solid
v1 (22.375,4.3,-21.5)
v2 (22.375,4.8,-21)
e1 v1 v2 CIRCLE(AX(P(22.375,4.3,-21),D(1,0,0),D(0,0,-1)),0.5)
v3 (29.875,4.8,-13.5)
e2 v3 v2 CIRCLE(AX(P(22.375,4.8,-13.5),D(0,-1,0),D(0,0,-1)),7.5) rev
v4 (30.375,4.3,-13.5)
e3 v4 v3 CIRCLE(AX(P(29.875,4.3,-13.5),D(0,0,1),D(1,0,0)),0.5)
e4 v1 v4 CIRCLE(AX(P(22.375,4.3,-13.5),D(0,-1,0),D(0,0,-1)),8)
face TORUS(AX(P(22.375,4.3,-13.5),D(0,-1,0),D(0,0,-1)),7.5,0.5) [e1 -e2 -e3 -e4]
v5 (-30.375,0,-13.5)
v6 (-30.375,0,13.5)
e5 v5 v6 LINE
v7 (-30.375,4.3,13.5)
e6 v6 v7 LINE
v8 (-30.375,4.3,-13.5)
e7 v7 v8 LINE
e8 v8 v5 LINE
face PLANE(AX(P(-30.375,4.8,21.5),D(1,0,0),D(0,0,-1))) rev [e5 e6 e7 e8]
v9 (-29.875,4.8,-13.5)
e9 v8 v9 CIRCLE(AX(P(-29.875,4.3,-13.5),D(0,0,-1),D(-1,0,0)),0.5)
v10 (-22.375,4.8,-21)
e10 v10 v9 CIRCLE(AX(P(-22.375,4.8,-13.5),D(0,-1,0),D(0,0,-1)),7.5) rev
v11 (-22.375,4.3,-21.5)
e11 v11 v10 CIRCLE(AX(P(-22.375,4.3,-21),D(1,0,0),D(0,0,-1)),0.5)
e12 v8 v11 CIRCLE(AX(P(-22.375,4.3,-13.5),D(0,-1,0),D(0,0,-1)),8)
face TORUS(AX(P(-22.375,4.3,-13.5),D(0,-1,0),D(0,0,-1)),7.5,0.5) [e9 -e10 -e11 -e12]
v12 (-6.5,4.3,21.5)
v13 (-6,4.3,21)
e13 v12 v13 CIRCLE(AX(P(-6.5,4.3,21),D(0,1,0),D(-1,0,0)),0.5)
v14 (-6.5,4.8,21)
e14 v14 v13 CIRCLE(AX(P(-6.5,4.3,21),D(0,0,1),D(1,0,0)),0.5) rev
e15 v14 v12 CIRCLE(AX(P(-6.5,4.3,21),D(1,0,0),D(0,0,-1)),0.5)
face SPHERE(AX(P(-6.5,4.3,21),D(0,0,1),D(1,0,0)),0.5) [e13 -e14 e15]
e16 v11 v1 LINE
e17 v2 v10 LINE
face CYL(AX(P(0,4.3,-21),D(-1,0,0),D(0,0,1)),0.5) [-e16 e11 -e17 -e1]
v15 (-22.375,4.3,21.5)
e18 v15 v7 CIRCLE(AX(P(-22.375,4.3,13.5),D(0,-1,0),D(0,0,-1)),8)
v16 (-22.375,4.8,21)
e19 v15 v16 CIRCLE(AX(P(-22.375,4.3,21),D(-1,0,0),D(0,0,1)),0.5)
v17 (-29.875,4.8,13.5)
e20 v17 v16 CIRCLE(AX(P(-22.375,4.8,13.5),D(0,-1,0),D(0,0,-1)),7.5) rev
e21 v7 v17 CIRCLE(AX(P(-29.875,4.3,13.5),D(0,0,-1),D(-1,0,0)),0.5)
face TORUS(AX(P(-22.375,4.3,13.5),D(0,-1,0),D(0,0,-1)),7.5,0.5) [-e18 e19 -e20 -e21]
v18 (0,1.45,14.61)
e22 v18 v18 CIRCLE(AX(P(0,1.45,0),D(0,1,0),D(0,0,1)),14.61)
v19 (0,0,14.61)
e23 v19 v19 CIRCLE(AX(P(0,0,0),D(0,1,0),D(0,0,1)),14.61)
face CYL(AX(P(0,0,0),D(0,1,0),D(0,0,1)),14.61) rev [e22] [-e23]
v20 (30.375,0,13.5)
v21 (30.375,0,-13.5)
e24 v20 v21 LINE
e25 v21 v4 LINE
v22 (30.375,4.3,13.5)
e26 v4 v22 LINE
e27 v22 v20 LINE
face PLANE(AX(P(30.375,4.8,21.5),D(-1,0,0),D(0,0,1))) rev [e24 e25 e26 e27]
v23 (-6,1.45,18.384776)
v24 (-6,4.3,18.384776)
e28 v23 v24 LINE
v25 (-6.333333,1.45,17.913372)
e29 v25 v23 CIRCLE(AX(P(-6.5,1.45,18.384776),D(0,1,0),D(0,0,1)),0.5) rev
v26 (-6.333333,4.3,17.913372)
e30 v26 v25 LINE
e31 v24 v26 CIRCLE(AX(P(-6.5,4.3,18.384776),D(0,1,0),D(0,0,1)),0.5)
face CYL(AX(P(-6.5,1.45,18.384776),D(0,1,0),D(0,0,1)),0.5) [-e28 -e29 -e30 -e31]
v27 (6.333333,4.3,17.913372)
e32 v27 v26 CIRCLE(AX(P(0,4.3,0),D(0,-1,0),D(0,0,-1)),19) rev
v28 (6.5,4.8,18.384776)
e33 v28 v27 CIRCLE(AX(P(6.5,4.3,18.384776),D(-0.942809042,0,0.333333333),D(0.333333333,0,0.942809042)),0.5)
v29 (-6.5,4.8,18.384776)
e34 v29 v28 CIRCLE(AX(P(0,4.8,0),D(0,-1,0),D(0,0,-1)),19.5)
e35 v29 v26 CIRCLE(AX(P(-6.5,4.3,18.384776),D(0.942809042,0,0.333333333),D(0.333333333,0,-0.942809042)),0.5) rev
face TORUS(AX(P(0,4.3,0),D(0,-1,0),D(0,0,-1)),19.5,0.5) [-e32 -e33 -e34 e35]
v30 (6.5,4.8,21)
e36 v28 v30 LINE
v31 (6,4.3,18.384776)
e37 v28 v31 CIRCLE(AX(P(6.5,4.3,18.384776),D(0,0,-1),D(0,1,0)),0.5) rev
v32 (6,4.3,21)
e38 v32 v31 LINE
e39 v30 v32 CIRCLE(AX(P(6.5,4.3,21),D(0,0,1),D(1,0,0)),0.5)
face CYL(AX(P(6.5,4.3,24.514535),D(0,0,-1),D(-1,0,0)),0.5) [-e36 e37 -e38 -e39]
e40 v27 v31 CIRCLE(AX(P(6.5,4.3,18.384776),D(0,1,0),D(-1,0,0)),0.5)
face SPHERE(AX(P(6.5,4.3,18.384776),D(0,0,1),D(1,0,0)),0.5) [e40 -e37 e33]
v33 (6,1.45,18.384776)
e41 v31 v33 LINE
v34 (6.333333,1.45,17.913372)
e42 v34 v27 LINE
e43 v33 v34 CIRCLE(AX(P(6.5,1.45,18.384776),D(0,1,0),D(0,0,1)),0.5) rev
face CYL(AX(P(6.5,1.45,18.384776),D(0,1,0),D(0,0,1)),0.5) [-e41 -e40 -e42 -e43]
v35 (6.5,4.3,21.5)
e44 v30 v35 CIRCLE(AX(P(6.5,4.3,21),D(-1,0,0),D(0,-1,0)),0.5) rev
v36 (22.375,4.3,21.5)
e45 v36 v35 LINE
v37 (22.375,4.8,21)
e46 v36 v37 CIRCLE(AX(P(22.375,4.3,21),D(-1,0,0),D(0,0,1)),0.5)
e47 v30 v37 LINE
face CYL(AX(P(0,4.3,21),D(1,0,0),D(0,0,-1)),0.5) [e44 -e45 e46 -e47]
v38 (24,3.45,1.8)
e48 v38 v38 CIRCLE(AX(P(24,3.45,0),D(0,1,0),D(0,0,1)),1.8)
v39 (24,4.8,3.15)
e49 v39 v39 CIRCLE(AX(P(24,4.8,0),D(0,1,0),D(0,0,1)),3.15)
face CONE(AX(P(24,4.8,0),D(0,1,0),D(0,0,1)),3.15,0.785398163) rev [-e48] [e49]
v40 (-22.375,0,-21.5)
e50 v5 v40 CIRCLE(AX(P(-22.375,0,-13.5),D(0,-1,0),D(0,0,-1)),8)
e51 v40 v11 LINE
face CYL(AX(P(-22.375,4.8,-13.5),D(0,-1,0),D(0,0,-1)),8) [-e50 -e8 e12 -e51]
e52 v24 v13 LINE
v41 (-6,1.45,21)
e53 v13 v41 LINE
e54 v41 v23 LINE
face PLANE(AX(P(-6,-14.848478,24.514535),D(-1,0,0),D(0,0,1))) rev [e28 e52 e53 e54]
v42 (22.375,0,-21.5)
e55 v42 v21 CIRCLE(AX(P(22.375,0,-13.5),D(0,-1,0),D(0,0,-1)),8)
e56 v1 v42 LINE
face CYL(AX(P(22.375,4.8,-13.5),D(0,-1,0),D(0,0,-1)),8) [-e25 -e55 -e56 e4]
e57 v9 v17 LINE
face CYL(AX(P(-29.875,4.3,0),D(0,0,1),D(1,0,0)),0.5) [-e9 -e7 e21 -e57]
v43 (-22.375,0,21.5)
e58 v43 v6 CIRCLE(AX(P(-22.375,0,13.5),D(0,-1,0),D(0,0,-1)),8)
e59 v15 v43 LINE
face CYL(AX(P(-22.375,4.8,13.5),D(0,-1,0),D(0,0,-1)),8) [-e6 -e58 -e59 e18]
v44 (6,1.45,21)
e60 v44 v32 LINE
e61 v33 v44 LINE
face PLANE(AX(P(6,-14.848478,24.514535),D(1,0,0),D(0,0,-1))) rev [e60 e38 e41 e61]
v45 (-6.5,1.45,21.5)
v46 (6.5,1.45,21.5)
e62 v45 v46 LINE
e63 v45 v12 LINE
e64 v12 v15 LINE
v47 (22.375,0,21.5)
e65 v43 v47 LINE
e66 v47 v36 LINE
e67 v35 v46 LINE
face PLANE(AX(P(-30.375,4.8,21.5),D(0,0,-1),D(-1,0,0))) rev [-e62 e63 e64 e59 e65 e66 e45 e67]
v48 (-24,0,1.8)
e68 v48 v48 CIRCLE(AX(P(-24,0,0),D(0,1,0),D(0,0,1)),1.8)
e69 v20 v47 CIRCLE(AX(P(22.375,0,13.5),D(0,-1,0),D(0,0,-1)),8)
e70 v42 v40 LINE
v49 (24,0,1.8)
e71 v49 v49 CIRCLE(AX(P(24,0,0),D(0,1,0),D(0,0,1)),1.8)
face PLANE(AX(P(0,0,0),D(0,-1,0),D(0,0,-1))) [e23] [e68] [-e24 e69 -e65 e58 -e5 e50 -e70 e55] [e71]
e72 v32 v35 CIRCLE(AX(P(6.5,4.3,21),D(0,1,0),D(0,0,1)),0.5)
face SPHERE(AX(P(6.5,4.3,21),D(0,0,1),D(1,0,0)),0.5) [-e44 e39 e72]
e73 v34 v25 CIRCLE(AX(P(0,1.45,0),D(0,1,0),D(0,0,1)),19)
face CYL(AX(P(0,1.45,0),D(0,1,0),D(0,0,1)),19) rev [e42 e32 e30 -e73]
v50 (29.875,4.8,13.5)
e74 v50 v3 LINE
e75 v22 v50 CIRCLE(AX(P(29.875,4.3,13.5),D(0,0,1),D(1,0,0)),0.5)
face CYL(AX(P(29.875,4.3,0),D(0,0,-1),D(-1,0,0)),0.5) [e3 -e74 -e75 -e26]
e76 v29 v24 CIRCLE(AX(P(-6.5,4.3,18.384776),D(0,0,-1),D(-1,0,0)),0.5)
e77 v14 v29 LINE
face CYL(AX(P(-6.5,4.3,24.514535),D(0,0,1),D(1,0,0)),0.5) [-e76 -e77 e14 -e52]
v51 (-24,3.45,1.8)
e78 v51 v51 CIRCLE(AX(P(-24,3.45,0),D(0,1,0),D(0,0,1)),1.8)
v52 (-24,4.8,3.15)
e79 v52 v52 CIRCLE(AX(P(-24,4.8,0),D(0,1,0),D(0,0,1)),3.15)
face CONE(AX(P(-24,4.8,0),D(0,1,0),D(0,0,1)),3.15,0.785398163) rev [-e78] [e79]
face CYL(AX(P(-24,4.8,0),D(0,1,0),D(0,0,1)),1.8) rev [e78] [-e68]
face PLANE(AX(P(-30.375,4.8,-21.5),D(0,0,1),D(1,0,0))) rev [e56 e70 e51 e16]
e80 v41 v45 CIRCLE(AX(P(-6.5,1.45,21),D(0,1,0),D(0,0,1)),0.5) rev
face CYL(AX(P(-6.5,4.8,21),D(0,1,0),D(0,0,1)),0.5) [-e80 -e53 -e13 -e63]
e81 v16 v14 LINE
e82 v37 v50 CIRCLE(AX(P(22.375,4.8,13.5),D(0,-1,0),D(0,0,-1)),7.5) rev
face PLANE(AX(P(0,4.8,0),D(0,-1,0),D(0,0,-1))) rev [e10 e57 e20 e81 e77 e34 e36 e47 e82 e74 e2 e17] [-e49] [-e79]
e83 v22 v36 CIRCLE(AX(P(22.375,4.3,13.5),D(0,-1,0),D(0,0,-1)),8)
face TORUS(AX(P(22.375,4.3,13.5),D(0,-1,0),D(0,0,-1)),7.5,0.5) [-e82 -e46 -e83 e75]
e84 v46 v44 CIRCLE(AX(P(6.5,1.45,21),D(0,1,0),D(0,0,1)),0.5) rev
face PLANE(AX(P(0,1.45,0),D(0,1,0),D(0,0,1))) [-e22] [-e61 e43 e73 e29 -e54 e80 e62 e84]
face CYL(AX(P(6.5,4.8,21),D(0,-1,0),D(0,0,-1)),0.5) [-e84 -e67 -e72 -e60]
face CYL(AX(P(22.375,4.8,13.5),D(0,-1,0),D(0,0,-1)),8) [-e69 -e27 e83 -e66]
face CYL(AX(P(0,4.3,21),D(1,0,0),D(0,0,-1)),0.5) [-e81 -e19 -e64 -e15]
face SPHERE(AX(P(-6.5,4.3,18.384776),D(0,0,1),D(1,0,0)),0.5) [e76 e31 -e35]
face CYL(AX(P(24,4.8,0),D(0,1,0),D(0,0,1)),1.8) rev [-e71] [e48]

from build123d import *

# Parameters (mm, degrees)
SKETCH1_W                                       = 60.75
SKETCH1_H                                       = 43
BOSS_EXTRUDE1_DEPTH                             = 4.8
FILLET1_R                                       = 8
SKETCH2_R                                       = 19
CUT_EXTRUDE1_DEPTH                              = 3.35
SKETCH3_R                                       = 14.61
CUT_EXTRUDE2_DEPTH                              = 38.364597214
SKETCH4_W                                       = 12
SKETCH4_H                                       = 11.029070592
CUT_EXTRUDE3_DEPTH                              = 3.35
CSK_FOR_M3_FLAT_HEAD_MACHINE_SCREW1_D           = 3.6
CSK_FOR_M3_FLAT_HEAD_MACHINE_SCREW1_CSINK_D     = 6.3
CSK_FOR_M3_FLAT_HEAD_MACHINE_SCREW1_CSINK_ANGLE = 90
FILLET2_R                                       = 0.5


with BuildPart() as part:
    # Sketch1 → Boss-Extrude1 (new body)
    with BuildSketch(Plane(origin=(0, 0, 0), x_dir=(1, 0, 0), z_dir=(0, 1, 0))):
        Rectangle(SKETCH1_W, SKETCH1_H)
    extrude(amount=BOSS_EXTRUDE1_DEPTH)

    # Fillet1
    fillet1_edges = [part.edges().sort_by_distance(p)[0] for p in [
        (30.375, 2.4, 21.5),
        (-30.375, 2.4, 21.5),
        (-30.375, 2.4, -21.5),
        (30.375, 2.4, -21.5),
    ]]
    fillet(fillet1_edges, radius=FILLET1_R)

    # Sketch2 → Cut-Extrude1 (cut)
    with BuildSketch(Plane(origin=(0, 4.8, 0), x_dir=(1, 0, 0), z_dir=(0, 1, 0))):
        with Locations(Location((0, 0, 0), (0, 0, 270))):
            Circle(SKETCH2_R)
    extrude(amount=-CUT_EXTRUDE1_DEPTH, mode=Mode.SUBTRACT)

    # Sketch3 → Cut-Extrude2 (cut, through all)
    with BuildSketch(Plane(origin=(0, 1.45, 0), x_dir=(1, 0, 0), z_dir=(0, 1, 0))):
        with Locations(Location((0, 0, 0), (0, 0, 270))):
            Circle(SKETCH3_R)
    extrude(amount=-CUT_EXTRUDE2_DEPTH, mode=Mode.SUBTRACT)

    # Sketch4 → Cut-Extrude3 (cut)
    with BuildSketch(Plane(origin=(0, 4.8, 0), x_dir=(1, 0, 0), z_dir=(0, 1, 0))):
        with Locations((0, -19)):
            Rectangle(SKETCH4_W, SKETCH4_H)
    extrude(amount=-CUT_EXTRUDE3_DEPTH, mode=Mode.SUBTRACT)

    # CSK for M3 Flat Head Machine Screw1 (through all)
    with Locations(Plane(origin=(0, 4.8, 0), x_dir=(1, 0, 0), z_dir=(0, 1, 0))):
        with Locations((-24, 0), (0, 0)):
            csk_for_m3_flat_head_machine_screw1 = CounterSinkHole(CSK_FOR_M3_FLAT_HEAD_MACHINE_SCREW1_D / 2, CSK_FOR_M3_FLAT_HEAD_MACHINE_SCREW1_CSINK_D / 2, counter_sink_angle=CSK_FOR_M3_FLAT_HEAD_MACHINE_SCREW1_CSINK_ANGLE)

    # Mirror1: CSK for M3 Flat Head Machine Screw1 across plane
    add(csk_for_m3_flat_head_machine_screw1.mirror(Plane(origin=(0, 0, 0), x_dir=(0, 0, 1), z_dir=(1, 0, 0))), mode=Mode.SUBTRACT)

    # Fillet2
    fillet2_edges = [part.edges().sort_by_distance(p)[0] for p in [
        (-30.375, 4.8, 0),
        (0, 4.8, -21.5),
        (30.375, 4.8, 0),
        (-14.1875, 4.8, 21.5),
        (-28.031854249, 4.8, 19.156854249),
        (28.031854249, 4.8, 19.156854249),
        (28.031854249, 4.8, -19.156854249),
        (-28.031854249, 4.8, -19.156854249),
        (0, 4.8, -19),
        (14.1875, 4.8, 21.5),
        (6, 4.8, 19.763878189),
        (-6, 4.8, 19.763878189),
        (6, 3.125, 21.5),
        (6, 3.125, 18.027756377),
        (-6, 3.125, 21.5),
        (-6, 3.125, 18.027756377),
    ]]
    fillet(fillet2_edges, radius=FILLET2_R)


solid = part.part
